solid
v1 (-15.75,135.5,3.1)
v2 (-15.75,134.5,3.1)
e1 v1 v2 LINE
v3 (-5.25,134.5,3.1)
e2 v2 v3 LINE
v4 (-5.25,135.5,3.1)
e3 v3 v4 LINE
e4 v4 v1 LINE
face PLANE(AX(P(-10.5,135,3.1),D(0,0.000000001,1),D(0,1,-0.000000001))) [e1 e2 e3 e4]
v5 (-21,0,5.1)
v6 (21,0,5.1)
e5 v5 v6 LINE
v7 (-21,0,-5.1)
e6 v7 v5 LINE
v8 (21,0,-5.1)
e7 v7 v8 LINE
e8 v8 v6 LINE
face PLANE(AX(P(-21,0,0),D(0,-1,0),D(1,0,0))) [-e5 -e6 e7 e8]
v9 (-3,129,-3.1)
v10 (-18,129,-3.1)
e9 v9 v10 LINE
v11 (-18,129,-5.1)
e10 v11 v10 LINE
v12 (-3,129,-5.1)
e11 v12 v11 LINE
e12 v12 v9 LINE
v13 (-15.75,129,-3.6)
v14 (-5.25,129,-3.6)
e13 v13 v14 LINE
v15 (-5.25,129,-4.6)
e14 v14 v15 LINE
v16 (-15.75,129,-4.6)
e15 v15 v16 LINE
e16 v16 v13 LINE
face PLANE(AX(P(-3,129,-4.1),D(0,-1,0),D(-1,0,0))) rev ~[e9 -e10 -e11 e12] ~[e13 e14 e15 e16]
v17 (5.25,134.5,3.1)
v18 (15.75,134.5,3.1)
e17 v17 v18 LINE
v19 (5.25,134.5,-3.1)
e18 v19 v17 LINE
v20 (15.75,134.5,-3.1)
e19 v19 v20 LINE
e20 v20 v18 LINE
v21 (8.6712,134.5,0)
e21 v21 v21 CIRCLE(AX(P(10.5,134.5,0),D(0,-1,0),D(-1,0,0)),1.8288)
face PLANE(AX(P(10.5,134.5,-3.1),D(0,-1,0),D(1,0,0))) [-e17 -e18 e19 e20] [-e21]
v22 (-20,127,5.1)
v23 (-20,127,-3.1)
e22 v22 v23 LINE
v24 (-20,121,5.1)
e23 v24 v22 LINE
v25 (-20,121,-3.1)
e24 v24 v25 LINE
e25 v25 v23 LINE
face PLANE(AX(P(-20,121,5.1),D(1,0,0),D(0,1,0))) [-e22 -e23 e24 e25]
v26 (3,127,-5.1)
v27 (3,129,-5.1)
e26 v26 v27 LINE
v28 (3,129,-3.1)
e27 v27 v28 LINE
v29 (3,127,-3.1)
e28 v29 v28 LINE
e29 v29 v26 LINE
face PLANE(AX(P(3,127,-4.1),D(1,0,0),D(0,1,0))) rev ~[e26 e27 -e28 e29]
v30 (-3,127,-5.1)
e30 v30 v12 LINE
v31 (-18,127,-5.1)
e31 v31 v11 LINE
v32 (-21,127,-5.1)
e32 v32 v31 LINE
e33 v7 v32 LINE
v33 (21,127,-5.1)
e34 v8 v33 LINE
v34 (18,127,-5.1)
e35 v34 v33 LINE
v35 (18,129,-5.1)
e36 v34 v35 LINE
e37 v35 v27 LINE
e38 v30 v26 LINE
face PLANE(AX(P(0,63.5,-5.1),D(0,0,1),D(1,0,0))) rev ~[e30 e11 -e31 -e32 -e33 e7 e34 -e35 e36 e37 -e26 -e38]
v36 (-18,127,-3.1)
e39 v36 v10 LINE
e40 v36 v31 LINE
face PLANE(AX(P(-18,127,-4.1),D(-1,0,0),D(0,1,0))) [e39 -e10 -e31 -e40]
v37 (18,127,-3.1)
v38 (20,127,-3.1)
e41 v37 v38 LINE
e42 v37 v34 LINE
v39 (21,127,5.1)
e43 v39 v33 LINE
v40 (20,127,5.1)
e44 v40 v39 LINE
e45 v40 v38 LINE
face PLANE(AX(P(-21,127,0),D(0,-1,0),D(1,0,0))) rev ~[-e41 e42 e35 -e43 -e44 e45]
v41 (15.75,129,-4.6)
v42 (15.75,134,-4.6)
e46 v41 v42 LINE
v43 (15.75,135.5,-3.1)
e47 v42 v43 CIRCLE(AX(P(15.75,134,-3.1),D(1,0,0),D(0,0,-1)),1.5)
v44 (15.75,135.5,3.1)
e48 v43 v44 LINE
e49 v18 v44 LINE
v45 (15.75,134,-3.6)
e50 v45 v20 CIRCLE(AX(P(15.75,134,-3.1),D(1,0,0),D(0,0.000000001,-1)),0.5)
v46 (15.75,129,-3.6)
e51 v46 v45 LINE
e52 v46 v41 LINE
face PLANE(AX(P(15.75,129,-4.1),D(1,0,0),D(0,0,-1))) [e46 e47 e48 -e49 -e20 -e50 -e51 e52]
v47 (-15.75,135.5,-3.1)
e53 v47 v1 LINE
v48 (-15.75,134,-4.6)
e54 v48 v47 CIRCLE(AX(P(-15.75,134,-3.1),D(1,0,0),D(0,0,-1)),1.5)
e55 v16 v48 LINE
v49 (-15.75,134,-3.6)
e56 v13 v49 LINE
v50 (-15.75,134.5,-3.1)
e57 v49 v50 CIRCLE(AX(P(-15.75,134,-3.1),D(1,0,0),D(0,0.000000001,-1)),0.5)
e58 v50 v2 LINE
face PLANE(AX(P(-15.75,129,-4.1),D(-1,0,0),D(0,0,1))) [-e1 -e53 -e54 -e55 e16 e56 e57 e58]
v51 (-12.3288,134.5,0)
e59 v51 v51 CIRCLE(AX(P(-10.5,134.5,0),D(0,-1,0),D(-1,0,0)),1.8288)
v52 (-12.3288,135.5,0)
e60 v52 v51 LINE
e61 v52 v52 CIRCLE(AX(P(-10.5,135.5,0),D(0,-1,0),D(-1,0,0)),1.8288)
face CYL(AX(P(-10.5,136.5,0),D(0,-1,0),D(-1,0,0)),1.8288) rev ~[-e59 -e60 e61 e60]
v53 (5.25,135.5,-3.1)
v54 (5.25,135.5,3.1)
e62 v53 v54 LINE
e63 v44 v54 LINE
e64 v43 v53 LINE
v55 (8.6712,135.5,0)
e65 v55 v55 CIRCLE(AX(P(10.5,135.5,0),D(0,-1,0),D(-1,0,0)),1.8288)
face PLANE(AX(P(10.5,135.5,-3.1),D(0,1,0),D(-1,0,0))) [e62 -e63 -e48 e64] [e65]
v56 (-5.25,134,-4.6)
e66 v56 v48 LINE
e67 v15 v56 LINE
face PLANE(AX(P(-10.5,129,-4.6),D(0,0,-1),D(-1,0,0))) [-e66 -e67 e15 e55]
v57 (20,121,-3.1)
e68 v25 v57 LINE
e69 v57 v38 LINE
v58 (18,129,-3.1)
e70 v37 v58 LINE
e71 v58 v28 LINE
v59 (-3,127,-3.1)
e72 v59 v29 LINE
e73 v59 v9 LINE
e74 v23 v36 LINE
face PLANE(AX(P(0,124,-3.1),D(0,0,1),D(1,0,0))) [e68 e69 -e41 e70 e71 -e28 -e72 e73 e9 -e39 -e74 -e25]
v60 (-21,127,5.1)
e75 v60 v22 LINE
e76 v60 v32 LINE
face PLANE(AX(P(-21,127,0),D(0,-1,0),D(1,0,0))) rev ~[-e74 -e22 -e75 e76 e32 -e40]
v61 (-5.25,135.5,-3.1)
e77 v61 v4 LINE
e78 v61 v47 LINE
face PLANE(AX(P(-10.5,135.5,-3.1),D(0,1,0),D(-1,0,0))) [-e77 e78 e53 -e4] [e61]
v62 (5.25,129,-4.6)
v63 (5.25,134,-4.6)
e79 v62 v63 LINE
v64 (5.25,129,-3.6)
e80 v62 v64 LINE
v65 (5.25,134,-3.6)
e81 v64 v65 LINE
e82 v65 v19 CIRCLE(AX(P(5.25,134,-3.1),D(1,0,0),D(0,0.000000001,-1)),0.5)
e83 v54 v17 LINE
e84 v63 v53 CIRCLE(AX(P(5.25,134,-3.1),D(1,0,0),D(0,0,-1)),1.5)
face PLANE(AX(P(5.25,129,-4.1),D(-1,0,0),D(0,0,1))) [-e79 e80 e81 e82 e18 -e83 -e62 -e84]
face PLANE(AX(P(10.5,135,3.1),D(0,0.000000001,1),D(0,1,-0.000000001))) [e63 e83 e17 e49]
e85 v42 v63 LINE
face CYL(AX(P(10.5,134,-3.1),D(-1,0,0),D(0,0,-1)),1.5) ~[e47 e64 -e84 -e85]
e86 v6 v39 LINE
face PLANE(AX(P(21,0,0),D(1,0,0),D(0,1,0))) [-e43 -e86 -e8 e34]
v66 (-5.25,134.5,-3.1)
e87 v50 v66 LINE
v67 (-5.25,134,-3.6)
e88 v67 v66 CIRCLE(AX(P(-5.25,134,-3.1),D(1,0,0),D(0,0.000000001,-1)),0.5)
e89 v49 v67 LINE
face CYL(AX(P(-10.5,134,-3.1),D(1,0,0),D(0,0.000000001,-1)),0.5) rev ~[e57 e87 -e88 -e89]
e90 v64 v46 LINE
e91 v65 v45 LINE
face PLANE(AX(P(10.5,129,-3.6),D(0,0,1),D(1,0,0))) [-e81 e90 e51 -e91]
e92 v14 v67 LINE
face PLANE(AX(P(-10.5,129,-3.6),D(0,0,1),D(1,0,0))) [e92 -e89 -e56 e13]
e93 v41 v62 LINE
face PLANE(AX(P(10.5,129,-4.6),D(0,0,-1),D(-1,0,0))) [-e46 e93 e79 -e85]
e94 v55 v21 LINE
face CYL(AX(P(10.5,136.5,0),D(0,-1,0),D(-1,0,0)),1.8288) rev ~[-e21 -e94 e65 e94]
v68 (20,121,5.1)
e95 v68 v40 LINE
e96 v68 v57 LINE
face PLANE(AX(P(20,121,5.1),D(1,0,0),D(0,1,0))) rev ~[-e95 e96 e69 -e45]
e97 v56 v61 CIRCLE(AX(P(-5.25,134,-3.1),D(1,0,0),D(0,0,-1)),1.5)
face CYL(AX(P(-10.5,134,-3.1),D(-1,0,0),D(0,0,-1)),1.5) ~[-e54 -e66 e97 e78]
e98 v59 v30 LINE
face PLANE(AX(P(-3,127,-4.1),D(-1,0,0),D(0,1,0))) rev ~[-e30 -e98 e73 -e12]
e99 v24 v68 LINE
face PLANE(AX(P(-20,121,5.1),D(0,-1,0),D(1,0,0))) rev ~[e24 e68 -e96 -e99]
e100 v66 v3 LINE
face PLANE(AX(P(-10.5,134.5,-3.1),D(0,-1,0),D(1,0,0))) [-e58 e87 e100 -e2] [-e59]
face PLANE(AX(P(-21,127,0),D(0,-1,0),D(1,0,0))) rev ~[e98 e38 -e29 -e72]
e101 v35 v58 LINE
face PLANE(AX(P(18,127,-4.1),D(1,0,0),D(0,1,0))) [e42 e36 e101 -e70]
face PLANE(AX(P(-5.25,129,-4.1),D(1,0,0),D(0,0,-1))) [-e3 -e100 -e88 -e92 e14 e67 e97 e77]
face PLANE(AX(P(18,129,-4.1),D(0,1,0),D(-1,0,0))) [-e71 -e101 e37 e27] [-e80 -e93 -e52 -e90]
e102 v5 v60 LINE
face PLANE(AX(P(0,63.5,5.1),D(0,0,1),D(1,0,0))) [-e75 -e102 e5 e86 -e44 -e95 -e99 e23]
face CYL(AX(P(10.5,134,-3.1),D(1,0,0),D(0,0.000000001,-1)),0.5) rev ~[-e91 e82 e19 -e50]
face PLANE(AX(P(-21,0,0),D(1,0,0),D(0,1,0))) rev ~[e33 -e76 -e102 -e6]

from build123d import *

# Parameters (mm, degrees)
SKETCH1_W                 = 42
SKETCH1_H                 = 127
BOSS_EXTRUDE1_DEPTH       = 5.1
SKETCH2_W                 = 40
SKETCH2_H                 = 6
CUT_EXTRUDE1_DEPTH        = 8.2
SKETCH3_W                 = 15
SKETCH3_H                 = 2
BOSS_EXTRUDE2_DEPTH       = 1
TAB_PROFILE_W             = 10.5
TAB_PROFILE_H             = 1
F_6_CLEARANCE_HOLE1_D     = 3.6576
F_6_CLEARANCE_HOLE1_DEPTH = 1
F_6_CLEARANCE_HOLE2_D     = 3.6576
F_6_CLEARANCE_HOLE2_DEPTH = 1


with BuildPart() as part:
    # Sketch1 → Boss-Extrude1 (new, symmetric)
    with BuildSketch(Plane.XY):
        with Locations((0, 63.5)):
            Rectangle(SKETCH1_W, SKETCH1_H)
    extrude(amount=BOSS_EXTRUDE1_DEPTH, both=True)

    # Sketch2 → Cut-Extrude1 (cut)
    with BuildSketch(Plane.XY.offset(5.1)):
        with Locations((0, 124)):
            Rectangle(SKETCH2_W, SKETCH2_H)
    extrude(amount=-CUT_EXTRUDE1_DEPTH, mode=Mode.SUBTRACT)

    # Sketch3 → Boss-Extrude2 (add, symmetric)
    with BuildSketch(Plane(origin=(0, 0, -4.1), x_dir=(-1, 0, 0), z_dir=(0, 0, -1))):
        with Locations((-10.5, 128)):
            Rectangle(SKETCH3_W, SKETCH3_H)
        with Locations((10.5, 128)):
            Rectangle(SKETCH3_W, SKETCH3_H)
    extrude(amount=BOSS_EXTRUDE2_DEPTH, both=True)

    # Tabs: sweep along a path in Tab Bend
    with BuildLine(Plane(origin=(0, 0, 0), x_dir=(0, 0, -1), z_dir=(1, 0, 0))) as tabs_path:
        Line((4.1, 129), (4.1, 134))
        ThreePointArc((4.1, 134), (3.807106781, 134.707106781), (3.1, 135))
        Line((3.1, 135), (-3.1, 135))
    # Tab Profile → Tabs (sweep)
    with BuildSketch(Plane(origin=(0, 129, 0), x_dir=(1, 0, 0), z_dir=(0, 1, 0))):
        with Locations((-10.5, 4.1)):
            Rectangle(TAB_PROFILE_W, TAB_PROFILE_H)
        with Locations((10.5, 4.1)):
            Rectangle(TAB_PROFILE_W, TAB_PROFILE_H)
    sweep(path=tabs_path.line)

    # #6 Clearance Hole1
    with Locations(Plane(origin=(0, 135.5, 0), x_dir=(1, 0, 0), z_dir=(0, 1, 0))):
        with Locations((-10.5, 0)):
            Hole(F_6_CLEARANCE_HOLE1_D / 2, depth=F_6_CLEARANCE_HOLE1_DEPTH)

    # #6 Clearance Hole2
    with Locations(Plane(origin=(0, 135.5, 0), x_dir=(1, 0, 0), z_dir=(0, 1, 0))):
        with Locations((10.5, 0)):
            Hole(F_6_CLEARANCE_HOLE2_D / 2, depth=F_6_CLEARANCE_HOLE2_DEPTH)


solid = part.part
